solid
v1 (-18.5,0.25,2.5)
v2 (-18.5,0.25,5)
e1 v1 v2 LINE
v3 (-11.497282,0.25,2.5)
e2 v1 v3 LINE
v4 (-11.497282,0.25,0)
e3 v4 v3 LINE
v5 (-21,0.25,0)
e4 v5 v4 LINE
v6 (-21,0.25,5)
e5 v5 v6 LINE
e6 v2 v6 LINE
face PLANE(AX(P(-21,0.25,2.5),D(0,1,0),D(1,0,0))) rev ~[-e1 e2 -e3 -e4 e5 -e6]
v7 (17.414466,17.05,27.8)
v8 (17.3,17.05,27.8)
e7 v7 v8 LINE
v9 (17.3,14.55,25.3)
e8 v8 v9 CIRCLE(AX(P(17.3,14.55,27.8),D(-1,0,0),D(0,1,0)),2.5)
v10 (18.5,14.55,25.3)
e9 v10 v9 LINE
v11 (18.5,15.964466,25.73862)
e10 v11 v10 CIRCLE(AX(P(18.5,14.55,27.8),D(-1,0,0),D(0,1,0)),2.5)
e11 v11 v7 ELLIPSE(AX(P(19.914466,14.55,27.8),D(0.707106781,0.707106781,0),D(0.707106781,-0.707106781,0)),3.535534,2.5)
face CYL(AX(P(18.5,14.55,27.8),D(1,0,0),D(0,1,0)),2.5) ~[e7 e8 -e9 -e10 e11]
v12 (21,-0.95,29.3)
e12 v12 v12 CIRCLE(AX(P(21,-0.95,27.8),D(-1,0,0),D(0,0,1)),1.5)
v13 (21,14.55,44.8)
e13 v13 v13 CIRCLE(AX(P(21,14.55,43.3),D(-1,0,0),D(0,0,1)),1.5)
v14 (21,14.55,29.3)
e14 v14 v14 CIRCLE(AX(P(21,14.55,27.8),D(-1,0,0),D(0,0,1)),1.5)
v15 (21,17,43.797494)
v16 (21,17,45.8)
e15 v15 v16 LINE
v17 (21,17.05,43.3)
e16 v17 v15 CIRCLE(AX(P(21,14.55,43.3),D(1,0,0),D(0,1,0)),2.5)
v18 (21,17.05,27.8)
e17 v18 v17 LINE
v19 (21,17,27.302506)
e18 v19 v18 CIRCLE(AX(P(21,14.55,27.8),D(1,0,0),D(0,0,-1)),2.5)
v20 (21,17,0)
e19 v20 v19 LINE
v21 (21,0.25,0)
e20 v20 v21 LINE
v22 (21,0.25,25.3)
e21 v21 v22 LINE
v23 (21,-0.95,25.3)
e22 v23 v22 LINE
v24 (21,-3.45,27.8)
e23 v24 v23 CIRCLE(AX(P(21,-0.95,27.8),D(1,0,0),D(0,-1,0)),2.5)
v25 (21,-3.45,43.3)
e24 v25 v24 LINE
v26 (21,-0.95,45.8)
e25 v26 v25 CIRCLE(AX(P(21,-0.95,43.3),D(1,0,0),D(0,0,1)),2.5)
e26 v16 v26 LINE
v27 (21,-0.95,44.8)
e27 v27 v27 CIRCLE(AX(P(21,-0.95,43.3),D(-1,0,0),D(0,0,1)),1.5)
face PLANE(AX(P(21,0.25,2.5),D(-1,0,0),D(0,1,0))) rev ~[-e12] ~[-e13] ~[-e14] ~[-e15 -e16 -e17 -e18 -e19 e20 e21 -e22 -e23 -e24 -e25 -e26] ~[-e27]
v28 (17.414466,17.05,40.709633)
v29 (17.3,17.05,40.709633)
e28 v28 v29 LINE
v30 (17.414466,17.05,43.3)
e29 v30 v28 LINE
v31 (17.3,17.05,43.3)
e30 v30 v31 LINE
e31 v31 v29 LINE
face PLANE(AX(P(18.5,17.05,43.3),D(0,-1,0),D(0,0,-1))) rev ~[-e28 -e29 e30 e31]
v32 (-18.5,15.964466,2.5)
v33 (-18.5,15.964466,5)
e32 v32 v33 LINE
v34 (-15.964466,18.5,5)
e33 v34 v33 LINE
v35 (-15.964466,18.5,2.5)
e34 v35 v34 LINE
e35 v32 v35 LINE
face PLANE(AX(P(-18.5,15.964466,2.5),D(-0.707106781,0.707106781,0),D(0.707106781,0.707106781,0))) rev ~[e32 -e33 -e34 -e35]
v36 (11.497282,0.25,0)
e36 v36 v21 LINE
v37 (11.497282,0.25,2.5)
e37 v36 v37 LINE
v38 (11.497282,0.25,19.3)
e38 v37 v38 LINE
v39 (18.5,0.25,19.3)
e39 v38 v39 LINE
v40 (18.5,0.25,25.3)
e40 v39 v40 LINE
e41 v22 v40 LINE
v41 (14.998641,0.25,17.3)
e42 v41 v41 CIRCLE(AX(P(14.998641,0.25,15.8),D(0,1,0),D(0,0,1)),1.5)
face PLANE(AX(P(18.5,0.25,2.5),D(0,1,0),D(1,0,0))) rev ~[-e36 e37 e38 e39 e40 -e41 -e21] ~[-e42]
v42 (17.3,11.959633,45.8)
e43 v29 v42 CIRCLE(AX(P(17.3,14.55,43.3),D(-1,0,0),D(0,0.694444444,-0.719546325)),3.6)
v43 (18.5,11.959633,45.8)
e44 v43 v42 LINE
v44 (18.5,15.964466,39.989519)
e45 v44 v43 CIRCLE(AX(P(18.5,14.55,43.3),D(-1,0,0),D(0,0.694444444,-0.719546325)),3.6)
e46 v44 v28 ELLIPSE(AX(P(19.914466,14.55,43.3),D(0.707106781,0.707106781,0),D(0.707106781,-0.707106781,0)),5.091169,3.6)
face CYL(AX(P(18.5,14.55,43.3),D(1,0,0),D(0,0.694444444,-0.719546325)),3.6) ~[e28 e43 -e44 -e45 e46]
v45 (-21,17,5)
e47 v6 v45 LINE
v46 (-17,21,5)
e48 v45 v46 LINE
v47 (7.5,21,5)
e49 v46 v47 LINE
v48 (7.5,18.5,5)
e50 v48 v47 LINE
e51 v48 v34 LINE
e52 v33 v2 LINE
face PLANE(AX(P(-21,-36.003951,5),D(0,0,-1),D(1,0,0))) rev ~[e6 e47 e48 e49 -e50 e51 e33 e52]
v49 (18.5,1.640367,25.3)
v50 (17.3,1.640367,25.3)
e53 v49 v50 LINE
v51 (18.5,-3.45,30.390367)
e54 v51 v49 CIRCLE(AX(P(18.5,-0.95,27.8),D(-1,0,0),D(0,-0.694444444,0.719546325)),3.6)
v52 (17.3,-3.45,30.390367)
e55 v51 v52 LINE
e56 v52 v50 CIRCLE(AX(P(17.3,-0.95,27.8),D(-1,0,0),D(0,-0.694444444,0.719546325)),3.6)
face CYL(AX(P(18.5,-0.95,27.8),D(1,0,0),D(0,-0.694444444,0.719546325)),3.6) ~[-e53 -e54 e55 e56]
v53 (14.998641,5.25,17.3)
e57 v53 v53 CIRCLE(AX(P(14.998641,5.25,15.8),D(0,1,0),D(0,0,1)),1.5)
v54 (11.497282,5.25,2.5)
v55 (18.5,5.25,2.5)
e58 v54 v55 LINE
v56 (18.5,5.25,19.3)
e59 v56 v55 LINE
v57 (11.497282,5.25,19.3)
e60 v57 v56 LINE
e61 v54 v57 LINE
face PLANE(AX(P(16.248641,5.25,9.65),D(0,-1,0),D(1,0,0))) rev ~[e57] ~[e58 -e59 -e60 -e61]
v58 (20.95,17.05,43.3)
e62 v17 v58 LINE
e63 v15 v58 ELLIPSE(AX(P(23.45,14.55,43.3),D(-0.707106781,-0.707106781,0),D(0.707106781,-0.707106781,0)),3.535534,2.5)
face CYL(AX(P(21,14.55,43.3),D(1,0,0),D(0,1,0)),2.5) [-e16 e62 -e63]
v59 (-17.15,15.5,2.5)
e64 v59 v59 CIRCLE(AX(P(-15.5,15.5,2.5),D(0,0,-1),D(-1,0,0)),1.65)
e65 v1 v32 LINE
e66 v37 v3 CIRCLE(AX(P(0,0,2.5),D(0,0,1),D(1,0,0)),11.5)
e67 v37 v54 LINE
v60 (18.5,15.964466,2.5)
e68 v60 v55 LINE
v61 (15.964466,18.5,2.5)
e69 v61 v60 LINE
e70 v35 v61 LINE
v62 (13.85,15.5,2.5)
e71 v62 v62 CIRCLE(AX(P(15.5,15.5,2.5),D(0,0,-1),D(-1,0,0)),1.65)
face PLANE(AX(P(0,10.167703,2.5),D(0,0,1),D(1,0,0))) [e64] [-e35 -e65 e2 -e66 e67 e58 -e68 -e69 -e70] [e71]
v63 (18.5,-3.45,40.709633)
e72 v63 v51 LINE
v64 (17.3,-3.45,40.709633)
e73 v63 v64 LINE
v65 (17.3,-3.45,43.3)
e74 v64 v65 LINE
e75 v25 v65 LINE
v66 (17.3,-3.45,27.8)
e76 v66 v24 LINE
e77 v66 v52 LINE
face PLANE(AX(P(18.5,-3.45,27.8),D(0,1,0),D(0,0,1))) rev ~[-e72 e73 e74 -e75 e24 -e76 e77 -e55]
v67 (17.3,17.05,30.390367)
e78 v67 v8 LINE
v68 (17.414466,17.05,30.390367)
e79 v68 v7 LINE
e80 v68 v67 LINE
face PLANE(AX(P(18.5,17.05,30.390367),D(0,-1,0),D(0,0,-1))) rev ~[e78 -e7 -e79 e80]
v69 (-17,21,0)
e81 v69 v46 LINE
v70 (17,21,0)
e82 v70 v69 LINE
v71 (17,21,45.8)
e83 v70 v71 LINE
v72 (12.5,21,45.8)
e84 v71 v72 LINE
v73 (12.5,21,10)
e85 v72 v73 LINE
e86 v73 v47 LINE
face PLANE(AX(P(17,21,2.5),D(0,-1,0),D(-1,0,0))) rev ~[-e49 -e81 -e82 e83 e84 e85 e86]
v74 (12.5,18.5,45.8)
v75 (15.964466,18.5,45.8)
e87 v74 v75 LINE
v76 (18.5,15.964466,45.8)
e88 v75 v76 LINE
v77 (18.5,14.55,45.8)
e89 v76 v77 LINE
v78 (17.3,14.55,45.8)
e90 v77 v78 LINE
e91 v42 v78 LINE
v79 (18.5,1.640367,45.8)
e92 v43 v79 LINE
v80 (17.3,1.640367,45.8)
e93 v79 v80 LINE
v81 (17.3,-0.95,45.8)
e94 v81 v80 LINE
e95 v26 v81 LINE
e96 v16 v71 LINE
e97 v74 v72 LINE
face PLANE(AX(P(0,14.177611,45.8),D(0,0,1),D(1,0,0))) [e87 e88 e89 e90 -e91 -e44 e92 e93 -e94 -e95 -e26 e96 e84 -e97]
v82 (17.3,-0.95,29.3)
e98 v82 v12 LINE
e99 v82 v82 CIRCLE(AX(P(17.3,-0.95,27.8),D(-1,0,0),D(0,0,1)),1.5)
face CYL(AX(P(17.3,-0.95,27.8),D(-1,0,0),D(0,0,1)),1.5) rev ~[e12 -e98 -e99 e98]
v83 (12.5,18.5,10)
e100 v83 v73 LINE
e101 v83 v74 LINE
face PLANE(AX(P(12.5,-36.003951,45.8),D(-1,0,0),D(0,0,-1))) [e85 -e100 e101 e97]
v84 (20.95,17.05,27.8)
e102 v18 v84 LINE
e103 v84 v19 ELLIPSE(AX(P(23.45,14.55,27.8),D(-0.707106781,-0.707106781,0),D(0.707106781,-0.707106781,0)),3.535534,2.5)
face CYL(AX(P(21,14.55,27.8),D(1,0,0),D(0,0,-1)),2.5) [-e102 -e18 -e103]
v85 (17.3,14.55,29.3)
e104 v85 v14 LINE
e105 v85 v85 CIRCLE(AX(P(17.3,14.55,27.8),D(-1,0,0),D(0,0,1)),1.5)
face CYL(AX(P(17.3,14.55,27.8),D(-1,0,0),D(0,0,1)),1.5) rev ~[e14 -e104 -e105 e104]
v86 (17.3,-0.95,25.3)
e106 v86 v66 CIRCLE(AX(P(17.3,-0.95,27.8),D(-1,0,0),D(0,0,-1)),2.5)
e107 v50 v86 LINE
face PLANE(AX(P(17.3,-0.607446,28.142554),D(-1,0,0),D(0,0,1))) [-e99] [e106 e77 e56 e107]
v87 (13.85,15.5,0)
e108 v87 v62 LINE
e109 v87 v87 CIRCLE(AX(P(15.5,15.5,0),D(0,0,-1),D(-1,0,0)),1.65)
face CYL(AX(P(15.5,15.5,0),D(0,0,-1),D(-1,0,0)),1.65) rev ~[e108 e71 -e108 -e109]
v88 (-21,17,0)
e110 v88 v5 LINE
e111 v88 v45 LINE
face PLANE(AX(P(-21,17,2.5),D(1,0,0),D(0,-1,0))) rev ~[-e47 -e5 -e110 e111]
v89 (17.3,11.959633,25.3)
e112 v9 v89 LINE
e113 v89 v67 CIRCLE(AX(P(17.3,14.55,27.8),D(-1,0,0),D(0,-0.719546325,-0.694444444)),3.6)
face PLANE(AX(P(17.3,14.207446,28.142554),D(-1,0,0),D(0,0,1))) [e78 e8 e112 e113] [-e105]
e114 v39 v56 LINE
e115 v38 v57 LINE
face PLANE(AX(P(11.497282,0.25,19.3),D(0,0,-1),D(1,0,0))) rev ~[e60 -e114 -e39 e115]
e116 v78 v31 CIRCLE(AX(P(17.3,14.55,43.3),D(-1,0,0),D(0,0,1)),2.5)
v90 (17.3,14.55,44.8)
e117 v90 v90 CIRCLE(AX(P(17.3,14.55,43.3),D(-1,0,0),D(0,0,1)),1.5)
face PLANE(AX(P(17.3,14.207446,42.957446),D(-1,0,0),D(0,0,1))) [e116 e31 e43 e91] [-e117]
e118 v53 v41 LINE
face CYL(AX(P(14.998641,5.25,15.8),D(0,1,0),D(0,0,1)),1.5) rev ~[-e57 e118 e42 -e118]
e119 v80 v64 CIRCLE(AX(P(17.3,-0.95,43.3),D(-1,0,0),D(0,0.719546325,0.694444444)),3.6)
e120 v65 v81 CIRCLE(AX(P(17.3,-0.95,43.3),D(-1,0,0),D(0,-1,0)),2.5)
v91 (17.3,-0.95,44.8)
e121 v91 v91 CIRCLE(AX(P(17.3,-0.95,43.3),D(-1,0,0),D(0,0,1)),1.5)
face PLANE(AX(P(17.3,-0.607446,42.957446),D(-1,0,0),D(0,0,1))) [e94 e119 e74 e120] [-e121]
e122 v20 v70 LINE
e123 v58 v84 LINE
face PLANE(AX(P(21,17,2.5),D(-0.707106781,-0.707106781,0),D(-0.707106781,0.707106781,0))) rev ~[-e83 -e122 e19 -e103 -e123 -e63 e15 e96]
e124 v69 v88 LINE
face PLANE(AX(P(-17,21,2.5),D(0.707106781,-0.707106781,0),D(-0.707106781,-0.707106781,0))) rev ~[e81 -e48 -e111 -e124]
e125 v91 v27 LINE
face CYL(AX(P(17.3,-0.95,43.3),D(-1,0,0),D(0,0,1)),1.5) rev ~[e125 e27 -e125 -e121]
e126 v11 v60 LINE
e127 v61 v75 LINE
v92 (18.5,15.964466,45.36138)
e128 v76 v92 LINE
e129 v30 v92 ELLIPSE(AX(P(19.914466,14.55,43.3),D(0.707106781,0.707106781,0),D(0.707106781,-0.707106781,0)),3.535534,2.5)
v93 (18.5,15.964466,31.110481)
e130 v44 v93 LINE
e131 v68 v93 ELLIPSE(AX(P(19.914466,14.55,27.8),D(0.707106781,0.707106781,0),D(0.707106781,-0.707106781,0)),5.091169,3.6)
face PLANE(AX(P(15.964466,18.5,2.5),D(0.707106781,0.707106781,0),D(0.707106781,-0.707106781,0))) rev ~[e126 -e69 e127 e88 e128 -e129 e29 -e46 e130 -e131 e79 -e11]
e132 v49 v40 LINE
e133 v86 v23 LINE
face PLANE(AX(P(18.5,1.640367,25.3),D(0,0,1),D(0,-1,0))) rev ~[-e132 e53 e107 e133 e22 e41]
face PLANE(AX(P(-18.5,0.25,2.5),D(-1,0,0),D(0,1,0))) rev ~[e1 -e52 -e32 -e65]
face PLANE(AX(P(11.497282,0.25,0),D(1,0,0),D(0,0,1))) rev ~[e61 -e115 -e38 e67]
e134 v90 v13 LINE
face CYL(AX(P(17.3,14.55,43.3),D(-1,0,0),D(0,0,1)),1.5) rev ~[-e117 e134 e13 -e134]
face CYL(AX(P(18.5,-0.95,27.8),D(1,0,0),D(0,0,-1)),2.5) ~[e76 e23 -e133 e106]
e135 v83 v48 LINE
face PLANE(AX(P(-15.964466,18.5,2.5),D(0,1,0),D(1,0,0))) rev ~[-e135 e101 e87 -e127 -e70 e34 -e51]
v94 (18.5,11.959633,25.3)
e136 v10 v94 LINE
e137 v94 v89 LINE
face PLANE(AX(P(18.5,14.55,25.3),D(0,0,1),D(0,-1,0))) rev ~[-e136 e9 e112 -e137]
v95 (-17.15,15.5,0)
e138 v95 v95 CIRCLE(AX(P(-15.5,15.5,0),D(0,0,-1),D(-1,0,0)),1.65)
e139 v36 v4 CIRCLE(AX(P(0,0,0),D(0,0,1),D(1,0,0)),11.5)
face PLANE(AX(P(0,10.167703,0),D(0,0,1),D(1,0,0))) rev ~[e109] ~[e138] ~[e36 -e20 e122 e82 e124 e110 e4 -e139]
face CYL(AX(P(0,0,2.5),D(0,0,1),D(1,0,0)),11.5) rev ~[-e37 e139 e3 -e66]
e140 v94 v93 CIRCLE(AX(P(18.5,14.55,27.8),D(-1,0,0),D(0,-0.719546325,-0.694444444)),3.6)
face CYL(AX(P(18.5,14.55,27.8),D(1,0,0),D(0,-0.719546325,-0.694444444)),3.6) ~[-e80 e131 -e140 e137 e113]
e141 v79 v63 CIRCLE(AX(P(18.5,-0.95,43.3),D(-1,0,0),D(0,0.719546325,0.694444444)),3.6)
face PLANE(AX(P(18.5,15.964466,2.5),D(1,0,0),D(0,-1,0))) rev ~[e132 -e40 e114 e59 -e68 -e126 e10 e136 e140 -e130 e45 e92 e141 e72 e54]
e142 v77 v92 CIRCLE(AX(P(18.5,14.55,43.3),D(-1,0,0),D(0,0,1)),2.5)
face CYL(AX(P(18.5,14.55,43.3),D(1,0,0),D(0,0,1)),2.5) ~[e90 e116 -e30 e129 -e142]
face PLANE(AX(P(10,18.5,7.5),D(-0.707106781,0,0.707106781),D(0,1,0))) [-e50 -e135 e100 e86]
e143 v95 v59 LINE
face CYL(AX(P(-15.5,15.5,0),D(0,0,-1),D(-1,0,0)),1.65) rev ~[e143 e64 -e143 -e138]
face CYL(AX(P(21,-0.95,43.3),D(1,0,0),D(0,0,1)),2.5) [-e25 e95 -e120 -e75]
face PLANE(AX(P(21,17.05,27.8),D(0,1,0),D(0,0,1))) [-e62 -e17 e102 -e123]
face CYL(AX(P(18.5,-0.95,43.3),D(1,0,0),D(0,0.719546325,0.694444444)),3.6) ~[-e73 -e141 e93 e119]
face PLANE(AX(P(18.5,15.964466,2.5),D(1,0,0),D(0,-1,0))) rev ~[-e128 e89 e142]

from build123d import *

# Parameters (mm, degrees)
BOSS_EXTRUDE1_DEPTH     = 2.5
SKETCH2_R               = 11.5
CUT_EXTRUDE1_DEPTH      = 3
SKETCH3_R               = 1.65
CUT_EXTRUDE2_DEPTH      = 3
EXTRUDE_THIN1_DEPTH     = 43.3
BOSS_EXTRUDE2_DEPTH     = 2.5
CUT_EXTRUDE3_DEPTH      = 57.003950753
CUT_EXTRUDE3_DEPTH_BACK = 57.003950753
SKETCH7_W               = 33.5
SKETCH7_H               = 40.8
CHAMFER1_SIZE           = 5
BOSS_EXTRUDE3_DEPTH     = 1.2
SKETCH10_R              = 1.5
CUT_EXTRUDE4_DEPTH      = 10
SKETCH12_W              = 9.502717712
SKETCH12_H              = 19.3
BOSS_EXTRUDE4_DEPTH     = 5
SKETCH13_R              = 1.5
CUT_EXTRUDE5_DEPTH      = 53.789227121


with BuildPart() as part:
    # Sketch1 → Boss-Extrude1 (new body)
    with BuildSketch(Plane.XY):
        Polygon((-21, 0.25), (21, 0.25), (21, 17), (17, 21), (-17, 21), (-21, 17), align=None)
    extrude(amount=BOSS_EXTRUDE1_DEPTH)

    # Sketch2 → Cut-Extrude1 (cut)
    with BuildSketch(Plane.XY.offset(2.5)):
        Circle(SKETCH2_R)
    extrude(amount=-CUT_EXTRUDE1_DEPTH, mode=Mode.SUBTRACT)

    # Sketch3 → Cut-Extrude2 (cut)
    with BuildSketch(Plane(origin=(0, 0, 0), x_dir=(-1, 0, 0), z_dir=(0, 0, -1))):
        with Locations((15.5, 15.5)):
            Circle(SKETCH3_R)
        with Locations((-15.5, 15.5)):
            Circle(SKETCH3_R)
    extrude(amount=-CUT_EXTRUDE2_DEPTH, mode=Mode.SUBTRACT)

    # Sketch4 → Extrude-Thin1 (add)
    with BuildSketch(Plane.XY.offset(2.5)):
        Polygon((21, 0.25), (21, 17), (17, 21), (-17, 21), (-21, 17), (-21, 0.25), (-18.5, 0.25), (-18.5, 15.964466094), (-15.964466094, 18.5), (15.964466094, 18.5), (18.5, 15.964466094), (18.5, 0.25), align=None)
    extrude(amount=EXTRUDE_THIN1_DEPTH)

    # Sketch6 → Boss-Extrude2 (add)
    with BuildSketch(Plane(origin=(21, 0, 0), x_dir=(0, 0, -1), z_dir=(1, 0, 0))):
        with BuildLine():
            Line((-45.8, 14.55), (-45.8, -0.95))
            ThreePointArc((-45.8, -0.95), (-45.067766953, -2.717766953), (-43.3, -3.45))
            Line((-43.3, -3.45), (-27.8, -3.45))
            ThreePointArc((-27.8, -3.45), (-26.032233047, -2.717766953), (-25.3, -0.95))
            Line((-25.3, -0.95), (-25.3, 14.55))
            ThreePointArc((-25.3, 14.55), (-26.032233047, 16.317766953), (-27.8, 17.05))
            Line((-27.8, 17.05), (-43.3, 17.05))
            ThreePointArc((-43.3, 17.05), (-45.067766953, 16.317766953), (-45.8, 14.55))
        make_face()
    extrude(amount=-BOSS_EXTRUDE2_DEPTH)

    # Sketch7 → Cut-Extrude3 (cut, two sides: drawn at the far end of the back side and taken through both)
    with BuildSketch(Plane(origin=(0, 21, 0), x_dir=(1, 0, 0), z_dir=(0, 1, 0)).offset(-CUT_EXTRUDE3_DEPTH_BACK)):
        with Locations((-4.25, -25.4)):
            Rectangle(SKETCH7_W, SKETCH7_H)
    extrude(amount=CUT_EXTRUDE3_DEPTH + CUT_EXTRUDE3_DEPTH_BACK, mode=Mode.SUBTRACT)

    # Chamfer1
    chamfer1_edges = [part.edges().sort_by_distance(p)[0] for p in [
        (12.5, 19.75, 5),
    ]]
    chamfer(chamfer1_edges, length=CHAMFER1_SIZE)

    # Sketch8 → Boss-Extrude3 (add)
    with BuildSketch(Plane.ZY.offset(-18.5)):
        with BuildLine():
            Line((27.8, -3.45), (30.390366769, -3.45))
            ThreePointArc((30.390366769, -3.45), (30.345584412, 1.595584412), (25.3, 1.640366769))
            Line((25.3, 1.640366769), (25.3, -0.95))
            ThreePointArc((25.3, -0.95), (26.032233047, -2.717766953), (27.8, -3.45))
        make_face()
        with BuildLine():
            Line((45.8, -0.95), (45.8, 1.640366769))
            ThreePointArc((45.8, 1.640366769), (40.754415588, 1.595584412), (40.709633231, -3.45))
            Line((40.709633231, -3.45), (43.3, -3.45))
            ThreePointArc((43.3, -3.45), (45.067766953, -2.717766953), (45.8, -0.95))
        make_face()
        with BuildLine():
            Line((43.3, 17.05), (40.709633231, 17.05))
            ThreePointArc((40.709633231, 17.05), (40.754415588, 12.004415588), (45.8, 11.959633231))
            Line((45.8, 11.959633231), (45.8, 14.55))
            ThreePointArc((45.8, 14.55), (45.067766953, 16.317766953), (43.3, 17.05))
        make_face()
        with BuildLine():
            Line((25.3, 14.55), (25.3, 11.959633231))
            ThreePointArc((25.3, 11.959633231), (30.345584412, 12.004415588), (30.390366769, 17.05))
            Line((30.390366769, 17.05), (27.8, 17.05))
            ThreePointArc((27.8, 17.05), (26.032233047, 16.317766953), (25.3, 14.55))
        make_face()
    extrude(amount=BOSS_EXTRUDE3_DEPTH)

    # Sketch10 → Cut-Extrude4 (cut)
    with BuildSketch(Plane.ZY.offset(-17.3)):
        with Locations((43.3, 14.55)):
            Circle(SKETCH10_R)
        with Locations((27.8, 14.55)):
            Circle(SKETCH10_R)
        with Locations((27.8, -0.95)):
            Circle(SKETCH10_R)
        with Locations((43.3, -0.95)):
            Circle(SKETCH10_R)
    extrude(amount=-CUT_EXTRUDE4_DEPTH, mode=Mode.SUBTRACT)

    # Sketch12 → Boss-Extrude4 (add)
    with BuildSketch(Plane.XZ.offset(-0.25)):
        with Locations((16.248641144, 9.65)):
            Rectangle(SKETCH12_W, SKETCH12_H)
    extrude(amount=-BOSS_EXTRUDE4_DEPTH)

    # Sketch13 → Cut-Extrude5 (cut, through all)
    with BuildSketch(Plane(origin=(0, 5.25, 0), x_dir=(1, 0, 0), z_dir=(0, 1, 0))):
        with Locations(Location((14.998641144, -15.8, 0), (0, 0, 270))):
            Circle(SKETCH13_R)
    extrude(amount=-CUT_EXTRUDE5_DEPTH, mode=Mode.SUBTRACT)


solid = part.part
